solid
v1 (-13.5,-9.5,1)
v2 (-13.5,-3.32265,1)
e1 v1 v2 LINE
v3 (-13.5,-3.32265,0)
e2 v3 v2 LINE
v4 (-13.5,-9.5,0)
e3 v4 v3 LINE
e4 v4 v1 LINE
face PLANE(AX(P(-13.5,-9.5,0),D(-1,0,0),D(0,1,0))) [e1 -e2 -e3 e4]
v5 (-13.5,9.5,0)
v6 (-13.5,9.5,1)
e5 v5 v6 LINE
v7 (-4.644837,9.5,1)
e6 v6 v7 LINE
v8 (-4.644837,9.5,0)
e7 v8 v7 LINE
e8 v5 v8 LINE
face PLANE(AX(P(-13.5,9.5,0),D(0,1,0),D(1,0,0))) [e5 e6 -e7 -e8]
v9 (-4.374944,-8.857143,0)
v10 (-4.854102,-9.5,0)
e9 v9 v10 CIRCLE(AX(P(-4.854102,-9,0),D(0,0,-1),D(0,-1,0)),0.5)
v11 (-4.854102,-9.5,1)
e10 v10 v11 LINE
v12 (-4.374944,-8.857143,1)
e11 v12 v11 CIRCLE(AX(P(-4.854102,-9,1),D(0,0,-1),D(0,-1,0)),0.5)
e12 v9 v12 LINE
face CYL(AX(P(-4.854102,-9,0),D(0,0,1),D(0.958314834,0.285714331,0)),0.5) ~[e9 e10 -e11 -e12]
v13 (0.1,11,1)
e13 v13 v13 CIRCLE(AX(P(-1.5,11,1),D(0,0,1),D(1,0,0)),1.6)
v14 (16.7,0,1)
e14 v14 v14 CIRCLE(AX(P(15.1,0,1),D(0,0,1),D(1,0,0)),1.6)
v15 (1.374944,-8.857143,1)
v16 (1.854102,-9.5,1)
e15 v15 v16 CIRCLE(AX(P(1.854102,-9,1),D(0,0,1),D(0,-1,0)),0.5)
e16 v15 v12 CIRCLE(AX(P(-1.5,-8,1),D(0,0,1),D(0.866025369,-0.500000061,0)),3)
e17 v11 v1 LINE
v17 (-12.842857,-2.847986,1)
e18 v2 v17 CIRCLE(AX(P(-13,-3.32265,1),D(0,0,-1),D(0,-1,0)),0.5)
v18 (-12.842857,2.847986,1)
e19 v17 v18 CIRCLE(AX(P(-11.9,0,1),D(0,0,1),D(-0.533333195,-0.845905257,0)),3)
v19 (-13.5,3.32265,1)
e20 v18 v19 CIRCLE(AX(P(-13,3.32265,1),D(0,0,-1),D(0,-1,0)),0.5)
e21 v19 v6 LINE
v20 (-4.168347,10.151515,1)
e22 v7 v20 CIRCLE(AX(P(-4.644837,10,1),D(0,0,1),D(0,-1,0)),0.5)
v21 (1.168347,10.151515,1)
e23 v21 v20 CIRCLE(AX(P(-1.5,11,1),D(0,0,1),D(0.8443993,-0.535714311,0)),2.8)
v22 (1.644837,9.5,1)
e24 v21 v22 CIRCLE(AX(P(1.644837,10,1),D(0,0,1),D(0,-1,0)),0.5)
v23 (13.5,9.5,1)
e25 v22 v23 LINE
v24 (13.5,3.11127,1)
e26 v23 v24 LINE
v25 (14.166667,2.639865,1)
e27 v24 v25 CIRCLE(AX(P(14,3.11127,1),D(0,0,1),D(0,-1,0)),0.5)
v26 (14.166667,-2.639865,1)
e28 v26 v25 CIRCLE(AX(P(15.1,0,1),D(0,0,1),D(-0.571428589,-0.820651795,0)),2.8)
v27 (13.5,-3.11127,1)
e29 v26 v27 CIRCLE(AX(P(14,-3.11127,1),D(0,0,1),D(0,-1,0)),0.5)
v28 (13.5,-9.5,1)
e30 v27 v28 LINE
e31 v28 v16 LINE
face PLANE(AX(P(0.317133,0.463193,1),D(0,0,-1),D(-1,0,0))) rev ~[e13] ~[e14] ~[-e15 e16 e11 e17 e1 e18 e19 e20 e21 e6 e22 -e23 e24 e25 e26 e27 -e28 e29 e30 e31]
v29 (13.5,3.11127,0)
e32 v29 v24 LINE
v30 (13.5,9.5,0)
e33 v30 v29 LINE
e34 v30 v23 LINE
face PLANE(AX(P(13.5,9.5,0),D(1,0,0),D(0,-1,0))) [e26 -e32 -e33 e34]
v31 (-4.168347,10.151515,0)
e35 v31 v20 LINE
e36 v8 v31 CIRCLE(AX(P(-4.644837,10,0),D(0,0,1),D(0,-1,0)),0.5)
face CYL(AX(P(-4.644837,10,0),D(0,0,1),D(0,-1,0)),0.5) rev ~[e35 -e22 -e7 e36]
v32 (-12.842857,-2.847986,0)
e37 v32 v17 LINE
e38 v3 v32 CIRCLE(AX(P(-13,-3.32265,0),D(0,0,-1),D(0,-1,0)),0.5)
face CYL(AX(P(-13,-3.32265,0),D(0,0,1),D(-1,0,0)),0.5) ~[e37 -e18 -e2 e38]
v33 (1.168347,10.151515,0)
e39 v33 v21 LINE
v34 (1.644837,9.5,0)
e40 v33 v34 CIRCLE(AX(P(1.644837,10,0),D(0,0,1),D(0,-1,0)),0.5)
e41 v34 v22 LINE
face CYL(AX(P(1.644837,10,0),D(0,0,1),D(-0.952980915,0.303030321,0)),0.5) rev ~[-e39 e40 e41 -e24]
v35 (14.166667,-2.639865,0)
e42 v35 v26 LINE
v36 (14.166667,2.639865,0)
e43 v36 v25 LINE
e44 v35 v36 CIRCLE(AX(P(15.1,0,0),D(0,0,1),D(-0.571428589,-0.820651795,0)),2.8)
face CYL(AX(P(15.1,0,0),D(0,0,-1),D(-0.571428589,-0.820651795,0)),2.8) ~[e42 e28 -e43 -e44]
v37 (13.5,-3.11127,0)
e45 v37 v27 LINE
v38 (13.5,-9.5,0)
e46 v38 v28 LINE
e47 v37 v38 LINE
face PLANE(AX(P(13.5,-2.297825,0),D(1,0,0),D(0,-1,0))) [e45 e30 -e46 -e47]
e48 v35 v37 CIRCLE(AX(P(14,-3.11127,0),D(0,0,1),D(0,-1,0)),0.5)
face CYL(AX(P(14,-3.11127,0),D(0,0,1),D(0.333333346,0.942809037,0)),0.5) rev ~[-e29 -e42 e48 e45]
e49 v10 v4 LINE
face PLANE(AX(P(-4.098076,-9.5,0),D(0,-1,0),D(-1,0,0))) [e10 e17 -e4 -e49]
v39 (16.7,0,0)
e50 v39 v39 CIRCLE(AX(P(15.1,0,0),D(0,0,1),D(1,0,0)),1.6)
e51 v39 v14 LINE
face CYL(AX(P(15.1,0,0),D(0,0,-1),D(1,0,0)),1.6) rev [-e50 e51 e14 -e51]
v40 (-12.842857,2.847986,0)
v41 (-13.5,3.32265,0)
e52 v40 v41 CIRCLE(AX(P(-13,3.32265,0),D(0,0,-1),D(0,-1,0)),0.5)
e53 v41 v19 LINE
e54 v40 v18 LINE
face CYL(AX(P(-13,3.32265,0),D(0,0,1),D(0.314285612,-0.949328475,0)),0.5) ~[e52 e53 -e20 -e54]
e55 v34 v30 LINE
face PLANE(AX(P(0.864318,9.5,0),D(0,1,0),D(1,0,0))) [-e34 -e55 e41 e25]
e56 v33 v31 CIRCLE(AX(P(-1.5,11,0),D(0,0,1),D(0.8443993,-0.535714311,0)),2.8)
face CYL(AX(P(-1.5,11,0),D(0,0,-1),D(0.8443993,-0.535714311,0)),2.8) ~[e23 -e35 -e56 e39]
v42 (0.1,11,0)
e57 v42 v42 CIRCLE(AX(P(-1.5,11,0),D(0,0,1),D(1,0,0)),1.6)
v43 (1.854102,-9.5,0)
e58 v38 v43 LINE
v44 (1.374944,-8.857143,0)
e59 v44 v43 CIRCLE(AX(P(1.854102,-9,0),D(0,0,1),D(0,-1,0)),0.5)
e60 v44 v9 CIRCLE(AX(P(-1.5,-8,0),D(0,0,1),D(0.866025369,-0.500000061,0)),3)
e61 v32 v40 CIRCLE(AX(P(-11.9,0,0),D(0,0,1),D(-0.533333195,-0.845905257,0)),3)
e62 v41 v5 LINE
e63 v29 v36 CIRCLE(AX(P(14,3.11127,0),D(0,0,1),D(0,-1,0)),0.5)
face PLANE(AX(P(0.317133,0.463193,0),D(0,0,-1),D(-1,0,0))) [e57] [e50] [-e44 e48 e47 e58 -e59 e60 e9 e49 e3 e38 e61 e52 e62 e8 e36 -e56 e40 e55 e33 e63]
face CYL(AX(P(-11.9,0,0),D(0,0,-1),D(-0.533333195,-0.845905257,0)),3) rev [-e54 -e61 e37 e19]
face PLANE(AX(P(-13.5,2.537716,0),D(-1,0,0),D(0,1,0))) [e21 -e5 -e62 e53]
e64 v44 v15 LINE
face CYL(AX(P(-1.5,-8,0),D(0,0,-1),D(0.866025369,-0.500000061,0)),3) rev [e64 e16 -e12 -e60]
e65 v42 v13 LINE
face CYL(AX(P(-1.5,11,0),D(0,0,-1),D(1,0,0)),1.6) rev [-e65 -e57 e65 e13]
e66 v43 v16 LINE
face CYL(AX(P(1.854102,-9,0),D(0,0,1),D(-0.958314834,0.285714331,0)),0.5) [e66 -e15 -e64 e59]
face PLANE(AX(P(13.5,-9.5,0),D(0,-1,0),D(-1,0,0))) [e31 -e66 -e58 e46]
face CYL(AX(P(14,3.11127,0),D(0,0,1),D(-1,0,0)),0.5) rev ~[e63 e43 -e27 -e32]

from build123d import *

# Parameters (mm, degrees)
SKETCH_R    = 1.6
PAD_DEPTH   = 1
FILLET_R    = 0.5
FILLET001_R = 0.5
FILLET002_R = 0.5
FILLET003_R = 0.5
FILLET004_R = 0.5
FILLET005_R = 0.5


with BuildPart() as part:
    # Sketch → Pad (new body)
    with BuildSketch(Plane.XY):
        with BuildLine():
            Line((-13.5, 9.5), (-3.864318, 9.5))
            ThreePointArc((0.864318, 9.5), (-1.5, 13.8), (-3.864318, 9.5))
            Line((0.864318, 9.5), (13.5, 9.5))
            Line((13.5, 9.5), (13.5, 2.297825))
            ThreePointArc((13.5, -2.297825), (17.9, 0), (13.5, 2.297825))
            Line((13.5, -2.297825), (13.5, -9.5))
            Line((13.5, -9.5), (1.098076, -9.5))
            ThreePointArc((1.098076, -9.5), (-1.5, -5), (-4.098076, -9.5))
            Line((-4.098076, -9.5), (-13.5, -9.5))
            Line((-13.5, -9.5), (-13.5, -2.537716))
            ThreePointArc((-13.5, -2.537716), (-8.9, 0), (-13.5, 2.537716))
            Line((-13.5, 2.537716), (-13.5, 9.5))
        make_face()
        with Locations((-1.5, 11)):
            Circle(SKETCH_R, mode=Mode.SUBTRACT)
        with Locations((15.1, 0)):
            Circle(SKETCH_R, mode=Mode.SUBTRACT)
    extrude(amount=PAD_DEPTH)

    # Fillet
    fillet_edges = [part.edges().sort_by_distance(p)[0] for p in [
        (-3.864318, 9.5, 0.5),
    ]]
    fillet(fillet_edges, radius=FILLET_R)

    # Fillet001
    fillet001_edges = [part.edges().sort_by_distance(p)[0] for p in [
        (0.864318, 9.5, 0.5),
    ]]
    fillet(fillet001_edges, radius=FILLET001_R)

    # Fillet002
    fillet002_edges = [part.edges().sort_by_distance(p)[0] for p in [
        (13.5, 2.297825, 0.5),
    ]]
    fillet(fillet002_edges, radius=FILLET002_R)

    # Fillet003
    fillet003_edges = [part.edges().sort_by_distance(p)[0] for p in [
        (13.5, -2.297825, 0.5),
    ]]
    fillet(fillet003_edges, radius=FILLET003_R)

    # Fillet004
    fillet004_edges = [part.edges().sort_by_distance(p)[0] for p in [
        (-4.098076, -9.5, 0.5),
    ]]
    fillet(fillet004_edges, radius=FILLET004_R)

    # Fillet005
    fillet005_edges = [part.edges().sort_by_distance(p)[0] for p in [
        (1.098076, -9.5, 0.5),
        (-13.5, -2.537716, 0.5),
        (-13.5, 2.537716, 0.5),
    ]]
    fillet(fillet005_edges, radius=FILLET005_R)


solid = part.part
